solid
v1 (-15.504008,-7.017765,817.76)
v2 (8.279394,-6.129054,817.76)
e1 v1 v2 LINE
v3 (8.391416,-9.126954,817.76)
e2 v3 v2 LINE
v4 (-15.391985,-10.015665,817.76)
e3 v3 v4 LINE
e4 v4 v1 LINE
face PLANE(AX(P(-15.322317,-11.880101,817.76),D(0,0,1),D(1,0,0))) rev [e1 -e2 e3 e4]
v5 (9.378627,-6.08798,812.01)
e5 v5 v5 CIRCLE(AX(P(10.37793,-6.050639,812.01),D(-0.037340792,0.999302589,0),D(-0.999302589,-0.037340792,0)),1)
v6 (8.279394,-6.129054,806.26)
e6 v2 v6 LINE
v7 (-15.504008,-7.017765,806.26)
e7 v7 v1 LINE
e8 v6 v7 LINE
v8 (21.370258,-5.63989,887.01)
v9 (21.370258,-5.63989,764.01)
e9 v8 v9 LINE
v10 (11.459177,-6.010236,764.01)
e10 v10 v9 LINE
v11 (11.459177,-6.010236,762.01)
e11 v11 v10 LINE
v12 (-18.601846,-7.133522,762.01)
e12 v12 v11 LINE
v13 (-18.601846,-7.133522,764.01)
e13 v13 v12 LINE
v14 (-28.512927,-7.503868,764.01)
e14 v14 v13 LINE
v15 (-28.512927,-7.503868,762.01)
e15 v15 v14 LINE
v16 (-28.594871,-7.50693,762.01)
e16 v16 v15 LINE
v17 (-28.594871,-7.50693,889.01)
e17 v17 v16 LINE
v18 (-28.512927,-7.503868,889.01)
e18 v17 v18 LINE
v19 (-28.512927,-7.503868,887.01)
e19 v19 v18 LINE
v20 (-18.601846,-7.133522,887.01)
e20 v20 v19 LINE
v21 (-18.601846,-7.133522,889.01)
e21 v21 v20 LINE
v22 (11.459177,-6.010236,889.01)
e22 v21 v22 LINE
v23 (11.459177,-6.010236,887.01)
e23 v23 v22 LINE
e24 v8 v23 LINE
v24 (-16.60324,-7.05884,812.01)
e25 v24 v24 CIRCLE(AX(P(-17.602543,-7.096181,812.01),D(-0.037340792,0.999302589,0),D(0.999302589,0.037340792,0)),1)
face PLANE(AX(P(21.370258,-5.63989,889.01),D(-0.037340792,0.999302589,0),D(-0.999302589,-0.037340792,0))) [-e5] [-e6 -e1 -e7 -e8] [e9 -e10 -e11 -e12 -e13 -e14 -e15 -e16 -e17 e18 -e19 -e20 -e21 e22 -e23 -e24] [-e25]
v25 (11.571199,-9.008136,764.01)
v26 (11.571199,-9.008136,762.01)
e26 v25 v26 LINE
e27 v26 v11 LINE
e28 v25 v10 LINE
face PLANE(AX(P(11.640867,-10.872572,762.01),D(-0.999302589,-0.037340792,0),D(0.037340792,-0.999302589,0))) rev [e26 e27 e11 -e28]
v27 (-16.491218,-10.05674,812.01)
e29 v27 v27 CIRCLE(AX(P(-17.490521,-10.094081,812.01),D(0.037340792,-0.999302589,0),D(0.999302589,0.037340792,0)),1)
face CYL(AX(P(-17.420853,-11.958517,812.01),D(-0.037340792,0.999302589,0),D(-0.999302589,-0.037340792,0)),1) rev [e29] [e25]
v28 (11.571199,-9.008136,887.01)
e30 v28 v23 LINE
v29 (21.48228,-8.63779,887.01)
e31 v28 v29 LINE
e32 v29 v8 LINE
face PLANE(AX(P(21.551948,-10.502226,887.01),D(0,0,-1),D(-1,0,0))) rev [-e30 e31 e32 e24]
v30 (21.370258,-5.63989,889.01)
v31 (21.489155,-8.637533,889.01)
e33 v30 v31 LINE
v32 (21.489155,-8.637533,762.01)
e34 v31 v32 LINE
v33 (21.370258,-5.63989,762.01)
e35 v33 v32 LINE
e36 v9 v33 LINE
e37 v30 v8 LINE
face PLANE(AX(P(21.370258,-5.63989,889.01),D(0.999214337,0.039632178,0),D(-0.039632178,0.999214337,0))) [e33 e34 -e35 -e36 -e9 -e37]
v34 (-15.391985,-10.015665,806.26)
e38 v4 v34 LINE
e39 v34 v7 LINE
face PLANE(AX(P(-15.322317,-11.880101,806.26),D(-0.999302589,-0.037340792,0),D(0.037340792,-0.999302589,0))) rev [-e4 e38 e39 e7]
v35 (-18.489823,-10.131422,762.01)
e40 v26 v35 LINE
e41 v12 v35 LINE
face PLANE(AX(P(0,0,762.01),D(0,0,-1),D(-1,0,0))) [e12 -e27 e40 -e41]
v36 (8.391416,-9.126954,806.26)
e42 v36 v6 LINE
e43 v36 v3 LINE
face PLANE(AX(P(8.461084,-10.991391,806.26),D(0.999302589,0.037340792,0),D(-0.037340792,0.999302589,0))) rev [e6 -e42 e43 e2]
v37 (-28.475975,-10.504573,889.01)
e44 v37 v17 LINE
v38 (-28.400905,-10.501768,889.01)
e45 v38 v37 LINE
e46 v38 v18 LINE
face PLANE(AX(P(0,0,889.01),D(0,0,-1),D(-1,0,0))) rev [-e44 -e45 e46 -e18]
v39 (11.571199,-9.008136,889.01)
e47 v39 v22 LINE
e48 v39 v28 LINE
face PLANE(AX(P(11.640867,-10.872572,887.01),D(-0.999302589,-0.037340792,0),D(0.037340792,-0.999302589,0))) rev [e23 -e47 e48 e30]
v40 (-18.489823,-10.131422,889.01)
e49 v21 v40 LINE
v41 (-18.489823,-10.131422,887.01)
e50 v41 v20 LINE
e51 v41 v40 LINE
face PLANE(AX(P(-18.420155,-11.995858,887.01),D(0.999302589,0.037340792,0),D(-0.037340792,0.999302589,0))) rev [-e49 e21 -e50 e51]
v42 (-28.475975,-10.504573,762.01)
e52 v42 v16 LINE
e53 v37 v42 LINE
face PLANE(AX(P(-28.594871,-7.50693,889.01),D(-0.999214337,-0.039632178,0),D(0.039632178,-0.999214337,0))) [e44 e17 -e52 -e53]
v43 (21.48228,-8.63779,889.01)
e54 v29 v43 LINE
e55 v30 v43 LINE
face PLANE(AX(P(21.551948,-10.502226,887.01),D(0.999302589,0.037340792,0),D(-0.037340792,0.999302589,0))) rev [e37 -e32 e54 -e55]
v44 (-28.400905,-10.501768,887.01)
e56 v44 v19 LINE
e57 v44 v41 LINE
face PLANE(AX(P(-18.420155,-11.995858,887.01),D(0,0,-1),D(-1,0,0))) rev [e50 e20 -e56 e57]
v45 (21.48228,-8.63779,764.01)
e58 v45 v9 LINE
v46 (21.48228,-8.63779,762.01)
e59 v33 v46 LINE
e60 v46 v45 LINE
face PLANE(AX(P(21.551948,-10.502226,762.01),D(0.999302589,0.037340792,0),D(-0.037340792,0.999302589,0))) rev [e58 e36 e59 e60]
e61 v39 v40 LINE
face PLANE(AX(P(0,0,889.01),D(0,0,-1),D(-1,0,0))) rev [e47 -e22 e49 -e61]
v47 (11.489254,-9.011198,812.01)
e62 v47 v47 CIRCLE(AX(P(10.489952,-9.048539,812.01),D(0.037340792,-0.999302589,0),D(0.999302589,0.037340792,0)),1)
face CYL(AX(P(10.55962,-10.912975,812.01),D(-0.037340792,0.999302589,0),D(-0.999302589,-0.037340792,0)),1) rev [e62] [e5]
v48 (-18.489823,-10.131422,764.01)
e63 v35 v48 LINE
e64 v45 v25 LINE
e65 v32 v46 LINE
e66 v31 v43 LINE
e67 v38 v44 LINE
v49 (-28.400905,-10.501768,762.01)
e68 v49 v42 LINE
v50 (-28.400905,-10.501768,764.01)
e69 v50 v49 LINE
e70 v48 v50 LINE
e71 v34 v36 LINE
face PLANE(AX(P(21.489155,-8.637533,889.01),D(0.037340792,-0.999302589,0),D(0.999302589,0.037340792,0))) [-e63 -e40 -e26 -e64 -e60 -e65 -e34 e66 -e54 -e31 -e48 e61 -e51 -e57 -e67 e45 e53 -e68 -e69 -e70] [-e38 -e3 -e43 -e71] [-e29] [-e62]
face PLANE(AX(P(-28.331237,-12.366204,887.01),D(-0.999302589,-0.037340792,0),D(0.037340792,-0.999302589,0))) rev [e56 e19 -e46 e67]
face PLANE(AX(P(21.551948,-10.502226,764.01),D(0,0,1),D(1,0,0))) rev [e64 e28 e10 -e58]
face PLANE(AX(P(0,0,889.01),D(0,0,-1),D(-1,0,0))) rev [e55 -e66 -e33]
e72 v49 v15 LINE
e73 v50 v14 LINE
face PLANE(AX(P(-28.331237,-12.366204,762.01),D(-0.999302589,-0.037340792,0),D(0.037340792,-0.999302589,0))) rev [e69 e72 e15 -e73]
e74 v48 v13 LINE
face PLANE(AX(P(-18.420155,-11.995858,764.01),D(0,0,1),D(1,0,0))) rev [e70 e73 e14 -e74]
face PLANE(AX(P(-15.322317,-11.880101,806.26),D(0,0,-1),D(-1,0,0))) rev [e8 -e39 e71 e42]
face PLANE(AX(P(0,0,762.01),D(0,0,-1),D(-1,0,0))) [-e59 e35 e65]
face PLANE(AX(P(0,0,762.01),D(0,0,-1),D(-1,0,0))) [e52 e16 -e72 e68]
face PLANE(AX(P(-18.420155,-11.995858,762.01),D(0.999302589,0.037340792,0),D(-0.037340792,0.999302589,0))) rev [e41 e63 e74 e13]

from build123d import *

# Parameters (mm, degrees)
EXTRUDE_1_DEPTH     = 127
SKETCH_3_W          = 9.917998233
SKETCH_3_H          = 2
CUT_EXTRUDE_1_DEPTH = 890.48684692
SKETCH_4_R          = 1
SKETCH_4_W          = 23.8
SKETCH_4_H          = 11.5
CUT_EXTRUDE_2_DEPTH = 890.48684692


with BuildPart() as part:
    # 草图2 → 凸台-拉伸1 (new body)
    with BuildSketch(Plane(origin=(0, 0, 762.01), x_dir=(-1, 0, 0), z_dir=(0, 0, -1))):
        Polygon((-21.370258024, -5.639890041), (28.594871448, -7.506929626), (28.475974915, -10.504572636), (-21.489154557, -8.637533051), align=None)
    extrude(amount=-EXTRUDE_1_DEPTH)

    # 草图3 → 切除-拉伸1 (cut, through all)
    with BuildSketch(Plane(origin=(0.240248379, -6.429451979, 0), x_dir=(0.9993025894470269, 0.03734079169577059, 0), z_dir=(-0.03734079169577059, 0.9993025894470269, 0))):
        with Locations((-23.814242896, -763.01)):
            Rectangle(SKETCH_3_W, SKETCH_3_H)
        with Locations((16.185757105, -763.01)):
            Rectangle(SKETCH_3_W, SKETCH_3_H)
        with Locations((-23.814242896, -888.01)):
            Rectangle(SKETCH_3_W, SKETCH_3_H)
        with Locations((16.185757105, -888.01)):
            Rectangle(SKETCH_3_W, SKETCH_3_H)
    extrude(amount=-CUT_EXTRUDE_1_DEPTH, mode=Mode.SUBTRACT)

    # 草图4 → 切除-拉伸2 (cut, through all)
    with BuildSketch(Plane(origin=(0.240248379, -6.429451979, 0), x_dir=(0.9993025894470269, 0.03734079169577059, 0), z_dir=(-0.03734079169577059, 0.9993025894470269, 0))):
        with Locations(Location((10.144756221, -812.01, 0), (0, 0, 180))):
            Circle(SKETCH_4_R)
        with Locations((-17.855243779, -812.01)):
            Circle(SKETCH_4_R)
        with Locations((-3.855243779, -812.01)):
            Rectangle(SKETCH_4_W, SKETCH_4_H)
    extrude(amount=-CUT_EXTRUDE_2_DEPTH, mode=Mode.SUBTRACT)


solid = part.part
